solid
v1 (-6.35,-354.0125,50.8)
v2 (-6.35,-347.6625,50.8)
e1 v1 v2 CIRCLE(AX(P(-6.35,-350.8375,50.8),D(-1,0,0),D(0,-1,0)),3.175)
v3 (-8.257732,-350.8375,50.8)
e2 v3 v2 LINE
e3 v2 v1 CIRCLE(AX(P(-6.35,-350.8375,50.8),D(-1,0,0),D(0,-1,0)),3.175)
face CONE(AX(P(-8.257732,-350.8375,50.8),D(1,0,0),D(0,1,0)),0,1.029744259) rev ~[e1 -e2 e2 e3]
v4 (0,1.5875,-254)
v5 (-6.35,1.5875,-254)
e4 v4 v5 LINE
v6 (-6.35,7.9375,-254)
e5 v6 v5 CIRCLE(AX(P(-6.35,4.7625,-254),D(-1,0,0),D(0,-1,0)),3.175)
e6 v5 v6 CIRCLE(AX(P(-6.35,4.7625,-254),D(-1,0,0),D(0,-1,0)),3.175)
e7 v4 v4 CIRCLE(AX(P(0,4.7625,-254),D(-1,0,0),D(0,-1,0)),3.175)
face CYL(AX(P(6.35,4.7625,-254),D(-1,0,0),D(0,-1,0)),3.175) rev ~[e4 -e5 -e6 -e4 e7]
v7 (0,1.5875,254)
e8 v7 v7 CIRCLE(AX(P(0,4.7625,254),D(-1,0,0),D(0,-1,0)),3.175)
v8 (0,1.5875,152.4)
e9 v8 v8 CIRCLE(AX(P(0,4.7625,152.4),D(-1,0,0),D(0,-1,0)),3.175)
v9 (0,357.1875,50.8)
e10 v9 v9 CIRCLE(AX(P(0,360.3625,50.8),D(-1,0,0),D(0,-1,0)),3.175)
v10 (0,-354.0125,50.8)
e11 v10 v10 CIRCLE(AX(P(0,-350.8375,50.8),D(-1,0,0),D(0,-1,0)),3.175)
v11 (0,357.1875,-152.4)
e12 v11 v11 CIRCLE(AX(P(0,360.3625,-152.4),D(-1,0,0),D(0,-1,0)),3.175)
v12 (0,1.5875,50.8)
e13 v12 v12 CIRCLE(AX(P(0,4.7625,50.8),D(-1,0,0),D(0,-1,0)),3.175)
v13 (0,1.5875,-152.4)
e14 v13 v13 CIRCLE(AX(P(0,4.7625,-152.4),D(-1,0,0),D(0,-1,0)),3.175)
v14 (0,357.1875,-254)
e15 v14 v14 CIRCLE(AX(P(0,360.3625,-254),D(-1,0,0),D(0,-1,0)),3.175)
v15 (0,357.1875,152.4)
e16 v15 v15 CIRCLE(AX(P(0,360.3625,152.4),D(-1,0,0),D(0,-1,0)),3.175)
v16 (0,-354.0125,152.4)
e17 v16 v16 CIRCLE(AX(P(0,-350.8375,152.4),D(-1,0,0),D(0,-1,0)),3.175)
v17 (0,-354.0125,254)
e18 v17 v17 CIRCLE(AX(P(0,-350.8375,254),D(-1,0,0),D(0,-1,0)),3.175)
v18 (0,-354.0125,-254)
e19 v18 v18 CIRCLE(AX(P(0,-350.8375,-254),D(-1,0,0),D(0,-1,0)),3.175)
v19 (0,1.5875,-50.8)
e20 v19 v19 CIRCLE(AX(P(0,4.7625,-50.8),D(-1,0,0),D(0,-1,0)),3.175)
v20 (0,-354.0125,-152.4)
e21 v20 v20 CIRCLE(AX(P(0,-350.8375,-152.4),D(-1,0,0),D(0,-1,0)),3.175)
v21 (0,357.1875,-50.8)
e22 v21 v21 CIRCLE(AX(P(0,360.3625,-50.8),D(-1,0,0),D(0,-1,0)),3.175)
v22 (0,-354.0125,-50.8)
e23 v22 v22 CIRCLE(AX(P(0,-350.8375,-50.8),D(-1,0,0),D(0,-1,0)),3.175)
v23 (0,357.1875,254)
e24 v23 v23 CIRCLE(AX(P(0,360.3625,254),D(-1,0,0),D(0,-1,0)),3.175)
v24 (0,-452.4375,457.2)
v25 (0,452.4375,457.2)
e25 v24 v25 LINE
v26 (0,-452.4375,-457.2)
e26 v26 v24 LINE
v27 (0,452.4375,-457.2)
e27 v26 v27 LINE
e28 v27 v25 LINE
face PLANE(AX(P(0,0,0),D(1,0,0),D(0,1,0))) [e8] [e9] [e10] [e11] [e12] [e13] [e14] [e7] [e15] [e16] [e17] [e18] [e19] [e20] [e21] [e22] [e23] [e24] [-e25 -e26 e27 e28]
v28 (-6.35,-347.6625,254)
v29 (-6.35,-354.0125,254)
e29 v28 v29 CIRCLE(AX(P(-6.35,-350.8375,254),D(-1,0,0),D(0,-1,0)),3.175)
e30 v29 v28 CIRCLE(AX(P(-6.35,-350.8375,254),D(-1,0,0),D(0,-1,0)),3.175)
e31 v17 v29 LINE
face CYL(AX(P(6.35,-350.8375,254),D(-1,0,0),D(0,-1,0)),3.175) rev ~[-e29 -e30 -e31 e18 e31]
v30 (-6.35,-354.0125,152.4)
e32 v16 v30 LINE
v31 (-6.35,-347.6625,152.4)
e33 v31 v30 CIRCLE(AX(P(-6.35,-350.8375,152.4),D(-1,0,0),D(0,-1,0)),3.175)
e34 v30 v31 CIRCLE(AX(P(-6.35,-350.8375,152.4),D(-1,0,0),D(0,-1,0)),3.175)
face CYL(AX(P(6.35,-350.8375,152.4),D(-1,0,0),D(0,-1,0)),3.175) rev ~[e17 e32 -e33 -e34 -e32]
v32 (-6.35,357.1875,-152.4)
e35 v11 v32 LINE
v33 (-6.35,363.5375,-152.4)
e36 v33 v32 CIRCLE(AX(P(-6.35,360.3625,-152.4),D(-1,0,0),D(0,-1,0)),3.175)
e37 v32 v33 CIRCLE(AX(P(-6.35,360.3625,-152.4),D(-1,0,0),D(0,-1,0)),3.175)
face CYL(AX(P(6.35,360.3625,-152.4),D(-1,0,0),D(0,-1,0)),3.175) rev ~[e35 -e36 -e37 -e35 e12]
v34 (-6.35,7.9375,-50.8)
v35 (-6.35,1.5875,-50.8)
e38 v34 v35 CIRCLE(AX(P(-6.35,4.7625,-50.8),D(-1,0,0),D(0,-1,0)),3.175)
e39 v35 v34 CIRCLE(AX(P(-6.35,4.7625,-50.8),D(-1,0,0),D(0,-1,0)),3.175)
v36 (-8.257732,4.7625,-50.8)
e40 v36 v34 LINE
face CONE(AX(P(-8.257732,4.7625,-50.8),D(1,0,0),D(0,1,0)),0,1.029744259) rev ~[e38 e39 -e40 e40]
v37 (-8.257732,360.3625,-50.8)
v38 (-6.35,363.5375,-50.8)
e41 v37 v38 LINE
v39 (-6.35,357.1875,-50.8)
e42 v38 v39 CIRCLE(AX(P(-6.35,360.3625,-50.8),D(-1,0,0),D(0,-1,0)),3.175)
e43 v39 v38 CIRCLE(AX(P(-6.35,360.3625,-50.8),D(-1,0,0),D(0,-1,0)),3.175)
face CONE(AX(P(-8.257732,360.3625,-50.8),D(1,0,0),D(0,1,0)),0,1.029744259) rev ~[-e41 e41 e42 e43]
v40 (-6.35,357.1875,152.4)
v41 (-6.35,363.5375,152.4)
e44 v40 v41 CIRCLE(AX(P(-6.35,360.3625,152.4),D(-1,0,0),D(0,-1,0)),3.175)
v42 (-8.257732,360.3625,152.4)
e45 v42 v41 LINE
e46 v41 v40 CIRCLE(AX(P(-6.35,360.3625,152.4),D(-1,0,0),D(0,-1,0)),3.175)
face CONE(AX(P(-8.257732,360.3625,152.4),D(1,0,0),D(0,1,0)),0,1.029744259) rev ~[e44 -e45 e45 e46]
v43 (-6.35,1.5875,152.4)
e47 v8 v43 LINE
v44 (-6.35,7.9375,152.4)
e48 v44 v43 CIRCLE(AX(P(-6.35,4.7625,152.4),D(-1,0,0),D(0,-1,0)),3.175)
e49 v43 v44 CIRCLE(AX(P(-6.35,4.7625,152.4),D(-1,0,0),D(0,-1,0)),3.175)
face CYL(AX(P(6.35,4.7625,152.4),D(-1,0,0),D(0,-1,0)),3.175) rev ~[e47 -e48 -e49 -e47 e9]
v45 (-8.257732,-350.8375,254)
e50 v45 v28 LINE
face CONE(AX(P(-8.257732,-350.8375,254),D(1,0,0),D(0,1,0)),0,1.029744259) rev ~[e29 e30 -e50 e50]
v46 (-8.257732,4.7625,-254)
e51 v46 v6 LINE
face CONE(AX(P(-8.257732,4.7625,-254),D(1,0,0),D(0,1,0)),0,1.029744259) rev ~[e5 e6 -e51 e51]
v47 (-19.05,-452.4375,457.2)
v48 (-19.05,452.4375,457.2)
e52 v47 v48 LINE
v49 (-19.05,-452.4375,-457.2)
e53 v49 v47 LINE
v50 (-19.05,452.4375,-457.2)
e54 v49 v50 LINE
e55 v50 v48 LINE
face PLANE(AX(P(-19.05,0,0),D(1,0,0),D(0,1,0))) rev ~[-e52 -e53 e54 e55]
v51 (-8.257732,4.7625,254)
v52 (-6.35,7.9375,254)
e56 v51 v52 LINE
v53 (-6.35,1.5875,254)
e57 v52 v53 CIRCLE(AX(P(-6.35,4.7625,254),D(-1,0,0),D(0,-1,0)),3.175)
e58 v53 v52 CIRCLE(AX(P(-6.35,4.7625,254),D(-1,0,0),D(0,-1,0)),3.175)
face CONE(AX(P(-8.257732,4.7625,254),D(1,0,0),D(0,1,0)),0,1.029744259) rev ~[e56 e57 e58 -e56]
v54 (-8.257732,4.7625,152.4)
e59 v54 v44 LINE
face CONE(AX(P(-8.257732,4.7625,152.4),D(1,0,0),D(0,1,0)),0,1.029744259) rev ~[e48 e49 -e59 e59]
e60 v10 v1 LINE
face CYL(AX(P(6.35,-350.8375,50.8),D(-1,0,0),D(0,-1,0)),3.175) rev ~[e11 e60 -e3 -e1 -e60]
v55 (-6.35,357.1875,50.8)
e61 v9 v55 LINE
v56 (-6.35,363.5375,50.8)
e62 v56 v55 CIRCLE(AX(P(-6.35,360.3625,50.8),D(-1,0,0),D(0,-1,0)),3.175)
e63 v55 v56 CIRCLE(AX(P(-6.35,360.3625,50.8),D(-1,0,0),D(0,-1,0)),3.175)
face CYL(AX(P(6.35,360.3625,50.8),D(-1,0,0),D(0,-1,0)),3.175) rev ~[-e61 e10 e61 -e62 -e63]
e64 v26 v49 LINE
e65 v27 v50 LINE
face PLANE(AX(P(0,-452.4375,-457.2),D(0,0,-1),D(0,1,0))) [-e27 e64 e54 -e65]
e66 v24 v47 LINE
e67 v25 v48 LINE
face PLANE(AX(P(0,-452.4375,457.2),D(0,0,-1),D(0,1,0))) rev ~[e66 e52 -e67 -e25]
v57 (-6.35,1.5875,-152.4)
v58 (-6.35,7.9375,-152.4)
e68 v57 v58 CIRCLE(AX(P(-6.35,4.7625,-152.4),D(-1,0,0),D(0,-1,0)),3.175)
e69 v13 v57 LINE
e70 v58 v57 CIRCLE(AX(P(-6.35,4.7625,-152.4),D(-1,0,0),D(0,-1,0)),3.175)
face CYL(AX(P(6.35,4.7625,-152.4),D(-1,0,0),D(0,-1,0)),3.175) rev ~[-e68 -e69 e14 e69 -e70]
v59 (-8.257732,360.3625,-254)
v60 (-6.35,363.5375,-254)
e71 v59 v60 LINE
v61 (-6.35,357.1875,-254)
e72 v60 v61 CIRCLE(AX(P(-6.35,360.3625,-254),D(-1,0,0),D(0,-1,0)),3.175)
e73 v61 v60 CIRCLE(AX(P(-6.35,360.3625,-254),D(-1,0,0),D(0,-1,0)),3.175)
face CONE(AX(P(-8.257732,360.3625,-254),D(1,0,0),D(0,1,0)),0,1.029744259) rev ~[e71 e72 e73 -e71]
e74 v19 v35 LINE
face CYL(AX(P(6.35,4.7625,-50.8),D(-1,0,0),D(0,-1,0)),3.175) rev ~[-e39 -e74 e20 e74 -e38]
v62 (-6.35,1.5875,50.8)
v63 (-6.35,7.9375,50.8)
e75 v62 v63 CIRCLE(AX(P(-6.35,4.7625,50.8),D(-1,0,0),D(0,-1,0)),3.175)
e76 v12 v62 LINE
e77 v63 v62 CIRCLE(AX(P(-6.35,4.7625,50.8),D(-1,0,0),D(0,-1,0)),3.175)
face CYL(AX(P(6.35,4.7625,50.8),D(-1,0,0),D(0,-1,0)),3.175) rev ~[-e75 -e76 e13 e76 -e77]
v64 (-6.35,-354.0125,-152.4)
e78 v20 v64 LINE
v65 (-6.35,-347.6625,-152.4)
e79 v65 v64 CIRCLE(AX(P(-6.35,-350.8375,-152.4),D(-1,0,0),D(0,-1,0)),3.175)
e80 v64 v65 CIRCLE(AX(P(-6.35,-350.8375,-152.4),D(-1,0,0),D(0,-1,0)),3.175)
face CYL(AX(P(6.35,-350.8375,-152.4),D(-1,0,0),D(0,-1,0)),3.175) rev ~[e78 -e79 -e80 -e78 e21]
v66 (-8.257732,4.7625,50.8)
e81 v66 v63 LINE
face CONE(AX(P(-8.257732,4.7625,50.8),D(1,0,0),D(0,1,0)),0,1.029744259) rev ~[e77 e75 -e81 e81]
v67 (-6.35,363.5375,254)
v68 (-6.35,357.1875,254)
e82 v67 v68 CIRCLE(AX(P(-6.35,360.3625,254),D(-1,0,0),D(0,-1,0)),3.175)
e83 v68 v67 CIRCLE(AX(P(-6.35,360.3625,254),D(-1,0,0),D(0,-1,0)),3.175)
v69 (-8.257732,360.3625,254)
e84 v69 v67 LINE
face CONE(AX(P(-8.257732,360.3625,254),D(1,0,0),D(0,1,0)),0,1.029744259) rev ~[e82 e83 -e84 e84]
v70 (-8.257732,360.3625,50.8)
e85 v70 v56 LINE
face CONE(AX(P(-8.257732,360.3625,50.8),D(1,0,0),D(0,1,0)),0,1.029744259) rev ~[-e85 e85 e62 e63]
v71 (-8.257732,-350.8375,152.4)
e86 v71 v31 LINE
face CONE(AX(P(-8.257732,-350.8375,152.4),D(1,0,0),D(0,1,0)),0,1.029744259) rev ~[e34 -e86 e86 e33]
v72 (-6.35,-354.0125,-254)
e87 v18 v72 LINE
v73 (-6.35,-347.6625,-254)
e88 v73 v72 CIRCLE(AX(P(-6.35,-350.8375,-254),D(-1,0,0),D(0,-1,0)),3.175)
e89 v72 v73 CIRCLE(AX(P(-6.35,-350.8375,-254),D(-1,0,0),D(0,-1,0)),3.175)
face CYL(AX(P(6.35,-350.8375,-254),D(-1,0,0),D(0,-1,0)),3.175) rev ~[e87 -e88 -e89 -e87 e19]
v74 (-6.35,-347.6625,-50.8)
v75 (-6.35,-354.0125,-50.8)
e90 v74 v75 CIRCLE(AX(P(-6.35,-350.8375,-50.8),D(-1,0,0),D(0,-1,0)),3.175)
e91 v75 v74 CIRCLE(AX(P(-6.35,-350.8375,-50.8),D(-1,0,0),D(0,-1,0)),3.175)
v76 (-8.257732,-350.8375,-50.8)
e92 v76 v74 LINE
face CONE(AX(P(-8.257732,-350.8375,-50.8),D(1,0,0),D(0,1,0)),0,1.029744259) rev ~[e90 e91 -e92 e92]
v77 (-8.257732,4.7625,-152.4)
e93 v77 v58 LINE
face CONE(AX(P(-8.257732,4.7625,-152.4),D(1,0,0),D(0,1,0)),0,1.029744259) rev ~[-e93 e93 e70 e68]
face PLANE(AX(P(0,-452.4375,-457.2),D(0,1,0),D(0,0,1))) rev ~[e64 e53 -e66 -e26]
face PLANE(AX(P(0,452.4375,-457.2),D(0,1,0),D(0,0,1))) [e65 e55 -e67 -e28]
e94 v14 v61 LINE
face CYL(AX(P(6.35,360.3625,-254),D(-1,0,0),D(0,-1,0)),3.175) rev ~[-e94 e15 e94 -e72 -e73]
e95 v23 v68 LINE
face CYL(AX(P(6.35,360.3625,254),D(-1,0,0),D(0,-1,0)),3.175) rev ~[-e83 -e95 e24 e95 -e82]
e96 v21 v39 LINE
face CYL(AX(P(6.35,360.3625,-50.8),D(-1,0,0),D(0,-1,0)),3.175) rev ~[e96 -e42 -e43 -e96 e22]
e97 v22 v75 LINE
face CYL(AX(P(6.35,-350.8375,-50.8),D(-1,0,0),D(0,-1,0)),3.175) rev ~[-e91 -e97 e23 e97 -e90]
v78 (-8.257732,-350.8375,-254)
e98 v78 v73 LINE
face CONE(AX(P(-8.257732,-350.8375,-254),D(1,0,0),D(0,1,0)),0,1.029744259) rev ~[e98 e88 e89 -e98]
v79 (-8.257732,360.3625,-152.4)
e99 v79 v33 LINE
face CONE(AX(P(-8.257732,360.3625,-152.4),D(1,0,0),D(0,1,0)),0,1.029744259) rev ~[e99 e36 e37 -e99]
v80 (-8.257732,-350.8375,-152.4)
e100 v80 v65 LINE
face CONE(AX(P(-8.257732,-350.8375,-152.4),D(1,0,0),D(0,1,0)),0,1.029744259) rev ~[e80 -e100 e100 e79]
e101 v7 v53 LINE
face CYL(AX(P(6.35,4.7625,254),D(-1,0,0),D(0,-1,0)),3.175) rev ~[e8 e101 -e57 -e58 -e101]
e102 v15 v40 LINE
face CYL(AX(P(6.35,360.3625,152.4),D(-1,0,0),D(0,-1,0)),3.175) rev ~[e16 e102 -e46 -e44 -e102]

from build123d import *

# Parameters (mm, degrees)
F0_W     = 904.875
F0_H     = 914.4
F1_DEPTH = 19.05
F3_D     = 6.35
F3_DEPTH = 6.35
F3_TIP   = 1.9077324654


with BuildPart() as f1:
    # F0 (on Right) → F1 (new body)
    with BuildSketch(Plane.YZ):
        Rectangle(F0_W, F0_H)
    extrude(amount=-F1_DEPTH)

    # F3
    with Locations(Plane.YZ):
        with Locations((360.3625, -254), (-350.8375, -152.4), (360.3625, 254), (4.7625, 254), (360.3625, -152.4), (360.3625, 152.4), (-350.8375, -254), (4.7625, 152.4), (360.3625, -50.8), (-350.8375, 152.4), (360.3625, 50.8), (-350.8375, 254), (4.7625, -152.4), (-350.8375, -50.8), (4.7625, -50.8), (-350.8375, 50.8), (4.7625, 50.8), (4.7625, -254)):
            Hole(F3_D / 2, depth=F3_DEPTH)
            with Locations((0, 0, -(F3_DEPTH + F3_TIP / 2))):  # 118° drill point
                Cone(0, F3_D / 2, F3_TIP, mode=Mode.SUBTRACT)


solid = f1.part
